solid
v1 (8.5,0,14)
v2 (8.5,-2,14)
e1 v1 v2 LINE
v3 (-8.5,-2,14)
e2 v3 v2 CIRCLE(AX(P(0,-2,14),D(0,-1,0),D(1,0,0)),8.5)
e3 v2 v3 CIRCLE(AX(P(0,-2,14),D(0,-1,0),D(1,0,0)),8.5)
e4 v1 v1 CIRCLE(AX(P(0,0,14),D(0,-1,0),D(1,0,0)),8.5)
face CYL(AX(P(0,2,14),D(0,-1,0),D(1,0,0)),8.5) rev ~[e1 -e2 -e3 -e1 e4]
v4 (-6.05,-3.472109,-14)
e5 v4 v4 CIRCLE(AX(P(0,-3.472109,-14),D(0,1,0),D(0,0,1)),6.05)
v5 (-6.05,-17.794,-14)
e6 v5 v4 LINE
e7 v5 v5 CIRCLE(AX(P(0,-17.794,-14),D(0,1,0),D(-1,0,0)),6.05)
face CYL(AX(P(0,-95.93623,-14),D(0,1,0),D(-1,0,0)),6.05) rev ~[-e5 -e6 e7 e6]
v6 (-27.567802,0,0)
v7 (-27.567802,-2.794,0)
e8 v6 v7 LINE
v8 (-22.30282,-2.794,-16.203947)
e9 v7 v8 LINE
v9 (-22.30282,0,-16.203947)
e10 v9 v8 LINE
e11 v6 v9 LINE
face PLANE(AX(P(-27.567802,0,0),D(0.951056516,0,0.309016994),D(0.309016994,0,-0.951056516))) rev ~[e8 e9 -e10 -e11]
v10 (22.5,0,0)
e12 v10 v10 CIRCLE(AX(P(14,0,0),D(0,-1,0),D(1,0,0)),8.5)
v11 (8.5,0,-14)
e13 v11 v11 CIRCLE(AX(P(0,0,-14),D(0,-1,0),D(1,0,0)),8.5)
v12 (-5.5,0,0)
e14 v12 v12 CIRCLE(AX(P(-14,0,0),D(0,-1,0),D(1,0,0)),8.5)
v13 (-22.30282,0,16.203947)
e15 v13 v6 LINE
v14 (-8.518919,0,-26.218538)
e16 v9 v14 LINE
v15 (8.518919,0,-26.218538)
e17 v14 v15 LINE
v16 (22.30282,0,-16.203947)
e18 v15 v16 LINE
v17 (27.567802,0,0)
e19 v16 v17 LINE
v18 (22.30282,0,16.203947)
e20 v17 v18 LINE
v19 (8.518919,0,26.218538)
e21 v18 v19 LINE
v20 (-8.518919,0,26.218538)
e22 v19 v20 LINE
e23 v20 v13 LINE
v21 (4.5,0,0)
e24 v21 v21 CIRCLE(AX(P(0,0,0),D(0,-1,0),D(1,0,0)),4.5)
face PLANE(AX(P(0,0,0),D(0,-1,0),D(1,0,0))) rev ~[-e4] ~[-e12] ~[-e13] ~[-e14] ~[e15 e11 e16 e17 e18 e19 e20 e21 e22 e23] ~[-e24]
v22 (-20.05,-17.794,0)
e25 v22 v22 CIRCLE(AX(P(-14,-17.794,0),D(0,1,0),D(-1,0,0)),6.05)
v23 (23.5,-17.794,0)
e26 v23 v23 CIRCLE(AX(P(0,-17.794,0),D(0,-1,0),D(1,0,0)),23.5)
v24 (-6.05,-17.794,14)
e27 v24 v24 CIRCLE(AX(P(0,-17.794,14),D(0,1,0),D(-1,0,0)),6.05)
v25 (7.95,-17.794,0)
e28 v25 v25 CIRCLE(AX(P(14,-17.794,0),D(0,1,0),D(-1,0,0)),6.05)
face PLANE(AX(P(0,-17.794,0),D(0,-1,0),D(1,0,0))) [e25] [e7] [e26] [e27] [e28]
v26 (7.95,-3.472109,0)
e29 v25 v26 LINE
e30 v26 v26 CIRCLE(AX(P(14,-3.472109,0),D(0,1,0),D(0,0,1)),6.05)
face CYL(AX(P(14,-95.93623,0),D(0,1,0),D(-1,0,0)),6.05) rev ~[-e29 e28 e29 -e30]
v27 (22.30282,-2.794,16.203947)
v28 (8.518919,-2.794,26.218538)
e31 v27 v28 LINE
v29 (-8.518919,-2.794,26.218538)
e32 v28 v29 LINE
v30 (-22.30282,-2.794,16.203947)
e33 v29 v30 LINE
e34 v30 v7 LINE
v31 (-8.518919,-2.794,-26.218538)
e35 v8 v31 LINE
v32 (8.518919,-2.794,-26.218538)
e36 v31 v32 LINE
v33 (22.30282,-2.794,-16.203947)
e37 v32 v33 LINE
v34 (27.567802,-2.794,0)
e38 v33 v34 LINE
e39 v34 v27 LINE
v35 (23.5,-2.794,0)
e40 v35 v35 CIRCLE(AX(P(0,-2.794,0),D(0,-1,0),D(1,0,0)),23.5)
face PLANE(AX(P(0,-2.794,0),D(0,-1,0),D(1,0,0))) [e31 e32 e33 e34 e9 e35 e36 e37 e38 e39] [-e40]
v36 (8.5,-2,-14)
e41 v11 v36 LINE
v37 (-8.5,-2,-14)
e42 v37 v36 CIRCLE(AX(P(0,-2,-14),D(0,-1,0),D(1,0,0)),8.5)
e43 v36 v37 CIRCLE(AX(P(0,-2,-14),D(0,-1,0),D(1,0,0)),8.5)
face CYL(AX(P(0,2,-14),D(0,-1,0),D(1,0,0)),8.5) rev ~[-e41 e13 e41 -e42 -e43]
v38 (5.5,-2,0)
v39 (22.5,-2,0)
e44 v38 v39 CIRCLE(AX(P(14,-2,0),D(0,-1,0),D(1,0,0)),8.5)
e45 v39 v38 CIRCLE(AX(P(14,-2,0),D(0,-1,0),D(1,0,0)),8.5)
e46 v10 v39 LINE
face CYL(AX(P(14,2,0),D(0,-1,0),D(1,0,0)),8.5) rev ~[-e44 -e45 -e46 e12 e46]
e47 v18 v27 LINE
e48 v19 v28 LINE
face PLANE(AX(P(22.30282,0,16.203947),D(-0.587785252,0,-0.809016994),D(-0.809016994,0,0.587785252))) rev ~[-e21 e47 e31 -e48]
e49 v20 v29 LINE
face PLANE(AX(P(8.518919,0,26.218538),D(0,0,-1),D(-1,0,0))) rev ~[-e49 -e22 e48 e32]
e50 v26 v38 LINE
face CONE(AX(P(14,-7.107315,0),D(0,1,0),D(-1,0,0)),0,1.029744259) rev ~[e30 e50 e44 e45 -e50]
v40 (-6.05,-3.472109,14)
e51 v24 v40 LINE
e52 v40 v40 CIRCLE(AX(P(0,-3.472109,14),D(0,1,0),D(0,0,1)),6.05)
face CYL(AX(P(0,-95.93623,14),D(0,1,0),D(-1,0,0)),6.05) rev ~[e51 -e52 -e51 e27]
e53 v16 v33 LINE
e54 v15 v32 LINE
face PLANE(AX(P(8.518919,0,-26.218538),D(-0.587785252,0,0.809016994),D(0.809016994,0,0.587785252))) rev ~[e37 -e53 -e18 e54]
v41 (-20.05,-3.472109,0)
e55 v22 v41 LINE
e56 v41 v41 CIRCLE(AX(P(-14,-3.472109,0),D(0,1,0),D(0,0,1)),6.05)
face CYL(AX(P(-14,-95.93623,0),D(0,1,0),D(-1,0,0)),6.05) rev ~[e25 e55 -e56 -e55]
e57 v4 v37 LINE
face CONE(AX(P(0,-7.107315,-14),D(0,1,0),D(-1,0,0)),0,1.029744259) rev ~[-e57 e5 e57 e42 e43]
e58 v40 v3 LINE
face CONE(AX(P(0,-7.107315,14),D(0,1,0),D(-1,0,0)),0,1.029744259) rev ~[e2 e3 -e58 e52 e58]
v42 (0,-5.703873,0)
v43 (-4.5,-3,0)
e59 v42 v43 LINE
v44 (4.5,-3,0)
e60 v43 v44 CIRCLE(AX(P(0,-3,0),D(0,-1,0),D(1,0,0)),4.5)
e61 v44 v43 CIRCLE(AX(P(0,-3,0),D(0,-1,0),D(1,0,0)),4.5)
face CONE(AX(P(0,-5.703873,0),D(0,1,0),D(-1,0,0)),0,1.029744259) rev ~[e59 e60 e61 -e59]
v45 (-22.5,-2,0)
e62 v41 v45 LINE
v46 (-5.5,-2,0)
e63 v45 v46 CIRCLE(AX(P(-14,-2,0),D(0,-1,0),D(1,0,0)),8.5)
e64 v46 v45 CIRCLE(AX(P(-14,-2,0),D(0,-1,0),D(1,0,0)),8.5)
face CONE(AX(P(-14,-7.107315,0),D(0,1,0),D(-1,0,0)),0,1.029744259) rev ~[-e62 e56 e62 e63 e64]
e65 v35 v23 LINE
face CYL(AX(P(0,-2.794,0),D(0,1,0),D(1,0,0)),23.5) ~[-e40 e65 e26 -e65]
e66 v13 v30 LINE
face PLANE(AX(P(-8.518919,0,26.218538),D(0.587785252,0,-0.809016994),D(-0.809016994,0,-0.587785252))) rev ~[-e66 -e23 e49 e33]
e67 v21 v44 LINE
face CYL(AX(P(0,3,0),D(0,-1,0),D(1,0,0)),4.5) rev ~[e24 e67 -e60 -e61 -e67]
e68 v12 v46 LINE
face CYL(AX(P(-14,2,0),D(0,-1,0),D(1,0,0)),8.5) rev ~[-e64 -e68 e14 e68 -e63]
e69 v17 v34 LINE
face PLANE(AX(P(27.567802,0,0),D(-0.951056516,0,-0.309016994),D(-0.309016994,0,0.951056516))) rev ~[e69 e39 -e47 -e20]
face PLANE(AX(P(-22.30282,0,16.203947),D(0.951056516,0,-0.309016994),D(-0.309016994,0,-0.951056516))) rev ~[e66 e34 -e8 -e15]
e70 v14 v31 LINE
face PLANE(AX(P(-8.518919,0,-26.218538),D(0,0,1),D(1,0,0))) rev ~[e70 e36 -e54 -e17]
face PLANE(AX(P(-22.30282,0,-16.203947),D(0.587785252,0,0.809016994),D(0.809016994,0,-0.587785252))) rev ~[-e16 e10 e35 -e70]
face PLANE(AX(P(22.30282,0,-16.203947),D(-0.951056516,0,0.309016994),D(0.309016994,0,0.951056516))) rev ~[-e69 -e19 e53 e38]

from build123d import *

# Parameters (mm, degrees)
F1_DEPTH = 2.794
F2_R     = 23.5
F3_DEPTH = 15
F5_D     = 12.1
F7_D     = 9
F7_DEPTH = 3
F7_TIP   = 2.7038727856
F9_D     = 17
F9_DEPTH = 2
F9_TIP   = 5.1073152617


with BuildPart() as f1:
    # F0 (on Front) → F1 (new body)
    with BuildSketch(Plane.XZ):
        Polygon((-22.3028203132, 16.203947452), (-27.5678019971, 0), (-22.3028203132, -16.203947452), (-8.5189193147, -26.2185377292), (8.5189193147, -26.2185377292), (22.3028203132, -16.203947452), (27.5678019971, 0), (22.3028203132, 16.203947452), (8.5189193147, 26.2185377292), (-8.5189193147, 26.2185377292), align=None)
    extrude(amount=F1_DEPTH)

    # F2 (on face) → F3 (join)
    with BuildSketch(Plane.XZ.offset(2.794)):
        Circle(F2_R)
    extrude(amount=F3_DEPTH)

    # F5 (through all)
    with Locations(Plane.XZ.offset(17.794)):
        with Locations((-14, 0), (0, 14), (14, 0), (0, -14)):
            Hole(F5_D / 2)

    # F7
    with Locations(Plane(origin=(0, 0, 0), x_dir=(-1, 0, 0), z_dir=(0, 1, 0))):
        with Locations((0, 0)):
            Hole(F7_D / 2, depth=F7_DEPTH)
            with Locations((0, 0, -(F7_DEPTH + F7_TIP / 2))):  # 118° drill point
                Cone(0, F7_D / 2, F7_TIP, mode=Mode.SUBTRACT)

    # F9
    with Locations(Plane(origin=(0, 0, 0), x_dir=(-1, 0, 0), z_dir=(0, 1, 0))):
        with Locations((-14, 0), (0, 14), (14, 0), (0, -14)):
            Hole(F9_D / 2, depth=F9_DEPTH)
            with Locations((0, 0, -(F9_DEPTH + F9_TIP / 2))):  # 118° drill point
                Cone(0, F9_D / 2, F9_TIP, mode=Mode.SUBTRACT)


solid = f1.part
